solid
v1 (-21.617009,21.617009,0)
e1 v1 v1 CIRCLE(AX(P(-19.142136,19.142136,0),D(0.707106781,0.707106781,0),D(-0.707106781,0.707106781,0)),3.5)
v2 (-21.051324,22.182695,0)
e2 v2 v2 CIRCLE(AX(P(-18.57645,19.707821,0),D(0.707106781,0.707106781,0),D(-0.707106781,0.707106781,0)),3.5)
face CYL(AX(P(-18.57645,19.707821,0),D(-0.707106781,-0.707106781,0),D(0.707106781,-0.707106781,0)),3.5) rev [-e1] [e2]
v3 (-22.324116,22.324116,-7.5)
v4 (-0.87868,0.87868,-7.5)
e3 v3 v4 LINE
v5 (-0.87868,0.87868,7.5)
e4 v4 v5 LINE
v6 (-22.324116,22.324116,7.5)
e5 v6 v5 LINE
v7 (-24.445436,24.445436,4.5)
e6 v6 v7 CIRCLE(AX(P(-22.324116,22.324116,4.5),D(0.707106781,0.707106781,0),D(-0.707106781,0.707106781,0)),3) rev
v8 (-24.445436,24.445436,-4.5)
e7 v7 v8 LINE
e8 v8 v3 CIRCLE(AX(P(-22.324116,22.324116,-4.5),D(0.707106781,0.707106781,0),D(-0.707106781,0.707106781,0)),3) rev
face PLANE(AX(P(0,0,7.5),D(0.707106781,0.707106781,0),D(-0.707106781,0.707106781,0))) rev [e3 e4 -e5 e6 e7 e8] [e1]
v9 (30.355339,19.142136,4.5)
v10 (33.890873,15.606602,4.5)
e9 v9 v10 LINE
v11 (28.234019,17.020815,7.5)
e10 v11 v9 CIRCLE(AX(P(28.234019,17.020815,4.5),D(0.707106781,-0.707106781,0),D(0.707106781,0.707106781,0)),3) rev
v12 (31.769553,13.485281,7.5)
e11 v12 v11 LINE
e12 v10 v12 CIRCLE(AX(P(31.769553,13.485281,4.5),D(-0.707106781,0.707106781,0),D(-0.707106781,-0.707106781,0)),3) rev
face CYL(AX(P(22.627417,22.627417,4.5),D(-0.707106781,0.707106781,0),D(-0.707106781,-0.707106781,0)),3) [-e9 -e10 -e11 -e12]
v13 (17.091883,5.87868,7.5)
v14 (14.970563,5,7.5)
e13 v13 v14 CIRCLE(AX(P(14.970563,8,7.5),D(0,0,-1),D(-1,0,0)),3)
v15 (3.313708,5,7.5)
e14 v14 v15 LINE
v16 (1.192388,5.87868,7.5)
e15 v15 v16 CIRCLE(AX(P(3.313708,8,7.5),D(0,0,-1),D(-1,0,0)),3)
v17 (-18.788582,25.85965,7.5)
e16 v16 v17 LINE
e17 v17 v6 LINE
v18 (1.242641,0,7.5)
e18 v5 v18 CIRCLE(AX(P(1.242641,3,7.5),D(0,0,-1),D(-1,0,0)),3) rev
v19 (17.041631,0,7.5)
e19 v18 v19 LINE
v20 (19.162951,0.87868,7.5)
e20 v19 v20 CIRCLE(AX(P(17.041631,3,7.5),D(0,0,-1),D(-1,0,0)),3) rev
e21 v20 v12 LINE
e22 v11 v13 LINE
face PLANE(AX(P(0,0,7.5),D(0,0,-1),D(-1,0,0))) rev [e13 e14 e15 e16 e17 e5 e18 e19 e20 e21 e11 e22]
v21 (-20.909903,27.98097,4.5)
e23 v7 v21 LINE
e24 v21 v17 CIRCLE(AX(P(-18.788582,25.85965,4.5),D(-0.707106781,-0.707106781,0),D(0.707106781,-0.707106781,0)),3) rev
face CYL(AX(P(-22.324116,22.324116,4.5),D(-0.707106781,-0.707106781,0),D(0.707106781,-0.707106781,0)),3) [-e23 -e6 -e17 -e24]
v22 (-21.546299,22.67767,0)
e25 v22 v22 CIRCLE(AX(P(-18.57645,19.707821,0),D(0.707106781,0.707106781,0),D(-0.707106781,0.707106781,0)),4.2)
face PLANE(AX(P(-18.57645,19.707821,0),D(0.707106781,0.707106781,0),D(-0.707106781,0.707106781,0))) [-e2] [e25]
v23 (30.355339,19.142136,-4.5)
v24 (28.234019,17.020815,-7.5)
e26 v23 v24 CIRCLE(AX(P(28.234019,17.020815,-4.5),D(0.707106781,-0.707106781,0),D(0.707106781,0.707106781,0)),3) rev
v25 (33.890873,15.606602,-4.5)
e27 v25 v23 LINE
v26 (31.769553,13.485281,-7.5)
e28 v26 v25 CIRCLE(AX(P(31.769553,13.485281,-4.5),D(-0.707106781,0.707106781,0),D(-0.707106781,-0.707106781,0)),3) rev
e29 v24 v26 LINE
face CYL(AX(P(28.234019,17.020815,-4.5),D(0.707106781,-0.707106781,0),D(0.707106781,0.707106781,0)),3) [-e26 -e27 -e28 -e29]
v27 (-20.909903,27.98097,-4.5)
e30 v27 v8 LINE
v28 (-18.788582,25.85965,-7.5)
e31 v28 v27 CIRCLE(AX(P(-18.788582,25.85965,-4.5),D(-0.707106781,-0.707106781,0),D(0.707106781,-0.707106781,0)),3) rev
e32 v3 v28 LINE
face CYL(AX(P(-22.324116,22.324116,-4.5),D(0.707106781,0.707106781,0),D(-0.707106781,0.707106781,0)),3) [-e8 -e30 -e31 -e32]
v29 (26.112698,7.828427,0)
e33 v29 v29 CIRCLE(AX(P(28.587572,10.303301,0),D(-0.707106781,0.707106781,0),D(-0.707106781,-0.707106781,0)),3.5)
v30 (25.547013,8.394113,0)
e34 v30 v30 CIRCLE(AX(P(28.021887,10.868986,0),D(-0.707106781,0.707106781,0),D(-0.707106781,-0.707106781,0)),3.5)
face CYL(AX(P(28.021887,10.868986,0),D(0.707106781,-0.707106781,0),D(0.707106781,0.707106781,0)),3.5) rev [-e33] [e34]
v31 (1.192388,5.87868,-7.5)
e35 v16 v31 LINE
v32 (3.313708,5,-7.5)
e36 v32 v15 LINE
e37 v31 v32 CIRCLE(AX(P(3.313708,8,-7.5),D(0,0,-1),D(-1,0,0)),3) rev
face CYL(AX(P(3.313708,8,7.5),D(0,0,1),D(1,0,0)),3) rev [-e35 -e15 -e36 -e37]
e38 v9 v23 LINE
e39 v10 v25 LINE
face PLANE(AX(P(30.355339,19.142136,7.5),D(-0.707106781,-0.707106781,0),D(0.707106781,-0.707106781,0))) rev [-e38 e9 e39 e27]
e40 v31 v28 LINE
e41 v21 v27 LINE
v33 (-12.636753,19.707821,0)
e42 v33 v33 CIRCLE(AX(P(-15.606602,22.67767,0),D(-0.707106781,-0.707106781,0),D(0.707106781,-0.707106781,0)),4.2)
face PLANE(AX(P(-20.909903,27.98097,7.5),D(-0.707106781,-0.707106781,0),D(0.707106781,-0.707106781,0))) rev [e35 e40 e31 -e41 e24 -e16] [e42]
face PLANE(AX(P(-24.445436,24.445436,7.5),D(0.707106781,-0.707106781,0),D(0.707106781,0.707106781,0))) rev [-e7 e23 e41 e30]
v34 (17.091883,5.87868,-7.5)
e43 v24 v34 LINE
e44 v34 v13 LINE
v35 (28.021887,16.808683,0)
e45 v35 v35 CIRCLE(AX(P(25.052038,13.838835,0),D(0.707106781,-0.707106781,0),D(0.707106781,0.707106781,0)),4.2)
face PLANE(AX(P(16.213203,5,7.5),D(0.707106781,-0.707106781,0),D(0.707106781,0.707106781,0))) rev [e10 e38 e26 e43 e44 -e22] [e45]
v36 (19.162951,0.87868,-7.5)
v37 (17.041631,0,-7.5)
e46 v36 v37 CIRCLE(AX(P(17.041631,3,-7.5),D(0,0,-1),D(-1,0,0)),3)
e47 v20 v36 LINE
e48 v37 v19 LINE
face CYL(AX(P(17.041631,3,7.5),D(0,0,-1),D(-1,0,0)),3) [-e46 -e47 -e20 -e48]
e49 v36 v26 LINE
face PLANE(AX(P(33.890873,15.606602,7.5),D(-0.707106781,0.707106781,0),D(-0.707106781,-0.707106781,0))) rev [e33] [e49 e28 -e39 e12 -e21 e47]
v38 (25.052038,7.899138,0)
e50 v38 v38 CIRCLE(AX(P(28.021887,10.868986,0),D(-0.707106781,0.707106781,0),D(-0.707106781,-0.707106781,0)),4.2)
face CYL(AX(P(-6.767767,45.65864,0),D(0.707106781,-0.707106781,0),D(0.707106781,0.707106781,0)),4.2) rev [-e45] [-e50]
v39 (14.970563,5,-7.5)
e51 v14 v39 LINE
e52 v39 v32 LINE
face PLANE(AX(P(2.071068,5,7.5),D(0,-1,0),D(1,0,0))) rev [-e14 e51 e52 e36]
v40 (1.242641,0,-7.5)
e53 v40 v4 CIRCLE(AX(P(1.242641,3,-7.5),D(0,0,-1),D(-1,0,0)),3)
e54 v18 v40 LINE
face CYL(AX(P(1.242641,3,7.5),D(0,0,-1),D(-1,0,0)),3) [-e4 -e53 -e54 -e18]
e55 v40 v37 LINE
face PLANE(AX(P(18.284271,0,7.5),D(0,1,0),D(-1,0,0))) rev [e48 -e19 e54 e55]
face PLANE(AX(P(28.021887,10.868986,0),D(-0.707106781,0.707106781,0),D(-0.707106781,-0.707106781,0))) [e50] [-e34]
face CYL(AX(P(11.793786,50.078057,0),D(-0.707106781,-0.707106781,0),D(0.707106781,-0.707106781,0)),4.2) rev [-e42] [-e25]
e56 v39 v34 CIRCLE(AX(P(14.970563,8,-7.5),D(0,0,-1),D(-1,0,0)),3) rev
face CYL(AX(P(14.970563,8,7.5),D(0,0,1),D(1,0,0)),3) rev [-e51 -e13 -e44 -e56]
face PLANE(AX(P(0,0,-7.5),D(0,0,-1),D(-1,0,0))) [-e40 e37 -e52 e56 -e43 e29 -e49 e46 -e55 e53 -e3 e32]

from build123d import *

# Parameters (mm, degrees)
EXTRUDE_1_DEPTH          = 7.5
CUT_EXTRUDE_1_DEPTH      = 45.584481316
CUT_EXTRUDE_1_DEPTH_BACK = 45.584481316
SKETCH_2_R               = 4.2
CUT_EXTRUDE_2_DEPTH      = 51.621141828
CUT_EXTRUDE_2_DEPTH_BACK = 51.621141828
SKETCH_3_R               = 4.2
FILLET_1_R               = 3
SKETCH_4_R               = 4.2
SKETCH_4_R_2             = 3.5
EXTRUDE_2_DEPTH          = 0.8
SKETCH_5_R               = 4.2
SKETCH_5_R_2             = 3.5
EXTRUDE_3_DEPTH          = 0.8


with BuildPart() as part:
    # ｽｹｯﾁ1 → ﾎﾞｽ - 押し出し1 (new, symmetric)
    with BuildSketch(Plane.XY):
        Polygon((0, 0), (-24.445436483, 24.445436483), (-20.909902577, 27.980970389), (2.071067812, 5), (16.213203436, 5), (30.355339059, 19.142135624), (33.890872965, 15.606601718), (18.284271247, 0), align=None)
    extrude(amount=EXTRUDE_1_DEPTH, both=True)

    # ｽｹｯﾁ2 → ｶｯﾄ - 押し出し1 (cut, two sides: drawn at the far end of the back side and taken through both)
    with BuildSketch(Plane(origin=(0, 0, 0), x_dir=(0, 0, 1), z_dir=(-0.7071067811865487, -0.7071067811865464, 0)).offset(-CUT_EXTRUDE_1_DEPTH_BACK)):
        with Locations(Location((0, 27.071067812, 0), (0, 0, 270))):
            Circle(SKETCH_2_R)
    extrude(amount=CUT_EXTRUDE_1_DEPTH + CUT_EXTRUDE_1_DEPTH_BACK, mode=Mode.SUBTRACT)

    # ｽｹｯﾁ3 → ｶｯﾄ - 押し出し2 (cut, two sides: drawn at the far end of the back side and taken through both)
    with BuildSketch(Plane(origin=(9.142135624, -9.142135624, 0), x_dir=(0, 0, -1), z_dir=(0.707106781186549, -0.7071067811865461, 0)).offset(-CUT_EXTRUDE_2_DEPTH_BACK)):
        with Locations(Location((0, 27.5, 0), (0, 0, 90))):
            Circle(SKETCH_3_R)
    extrude(amount=CUT_EXTRUDE_2_DEPTH + CUT_EXTRUDE_2_DEPTH_BACK, mode=Mode.SUBTRACT)

    # ﾌｨﾚｯﾄ1
    fillet_1_edges = [part.edges().sort_by_distance(p)[0] for p in [
        (32.123106012, 17.374368671, -7.5),
        (32.123106012, 17.374368671, 7.5),
        (0, 0, 0),
        (2.071067812, 5, 0),
        (16.213203436, 5, 0),
        (18.284271247, 0, 0),
        (-22.67766953, 26.213203436, 7.5),
        (-22.67766953, 26.213203436, -7.5),
    ]]
    fillet(fillet_1_edges, radius=FILLET_1_R)

    # ｽｹｯﾁ4 → ﾎﾞｽ - 押し出し2 (add)
    with BuildSketch(Plane(origin=(0, 0, 0), x_dir=(0, 0, -1), z_dir=(0.7071067811865475, 0.7071067811865476, 0))):
        with Locations(Location((0, 27.071067812, 0), (0, 0, 270))):
            Circle(SKETCH_4_R)
        with Locations(Location((0, 27.071067812, 0), (0, 0, 90))):
            Circle(SKETCH_4_R_2, mode=Mode.SUBTRACT)
    extrude(amount=EXTRUDE_2_DEPTH)

    # ｽｹｯﾁ5 → ﾎﾞｽ - 押し出し3 (add)
    with BuildSketch(Plane(origin=(9.142135624, -9.142135624, 0), x_dir=(0, 0, 1), z_dir=(-0.7071067811865485, 0.7071067811865467, 0))):
        with Locations(Location((0, 27.5, 0), (0, 0, 90))):
            Circle(SKETCH_5_R)
        with Locations(Location((0, 27.5, 0), (0, 0, 270))):
            Circle(SKETCH_5_R_2, mode=Mode.SUBTRACT)
    extrude(amount=EXTRUDE_3_DEPTH)


solid = part.part
